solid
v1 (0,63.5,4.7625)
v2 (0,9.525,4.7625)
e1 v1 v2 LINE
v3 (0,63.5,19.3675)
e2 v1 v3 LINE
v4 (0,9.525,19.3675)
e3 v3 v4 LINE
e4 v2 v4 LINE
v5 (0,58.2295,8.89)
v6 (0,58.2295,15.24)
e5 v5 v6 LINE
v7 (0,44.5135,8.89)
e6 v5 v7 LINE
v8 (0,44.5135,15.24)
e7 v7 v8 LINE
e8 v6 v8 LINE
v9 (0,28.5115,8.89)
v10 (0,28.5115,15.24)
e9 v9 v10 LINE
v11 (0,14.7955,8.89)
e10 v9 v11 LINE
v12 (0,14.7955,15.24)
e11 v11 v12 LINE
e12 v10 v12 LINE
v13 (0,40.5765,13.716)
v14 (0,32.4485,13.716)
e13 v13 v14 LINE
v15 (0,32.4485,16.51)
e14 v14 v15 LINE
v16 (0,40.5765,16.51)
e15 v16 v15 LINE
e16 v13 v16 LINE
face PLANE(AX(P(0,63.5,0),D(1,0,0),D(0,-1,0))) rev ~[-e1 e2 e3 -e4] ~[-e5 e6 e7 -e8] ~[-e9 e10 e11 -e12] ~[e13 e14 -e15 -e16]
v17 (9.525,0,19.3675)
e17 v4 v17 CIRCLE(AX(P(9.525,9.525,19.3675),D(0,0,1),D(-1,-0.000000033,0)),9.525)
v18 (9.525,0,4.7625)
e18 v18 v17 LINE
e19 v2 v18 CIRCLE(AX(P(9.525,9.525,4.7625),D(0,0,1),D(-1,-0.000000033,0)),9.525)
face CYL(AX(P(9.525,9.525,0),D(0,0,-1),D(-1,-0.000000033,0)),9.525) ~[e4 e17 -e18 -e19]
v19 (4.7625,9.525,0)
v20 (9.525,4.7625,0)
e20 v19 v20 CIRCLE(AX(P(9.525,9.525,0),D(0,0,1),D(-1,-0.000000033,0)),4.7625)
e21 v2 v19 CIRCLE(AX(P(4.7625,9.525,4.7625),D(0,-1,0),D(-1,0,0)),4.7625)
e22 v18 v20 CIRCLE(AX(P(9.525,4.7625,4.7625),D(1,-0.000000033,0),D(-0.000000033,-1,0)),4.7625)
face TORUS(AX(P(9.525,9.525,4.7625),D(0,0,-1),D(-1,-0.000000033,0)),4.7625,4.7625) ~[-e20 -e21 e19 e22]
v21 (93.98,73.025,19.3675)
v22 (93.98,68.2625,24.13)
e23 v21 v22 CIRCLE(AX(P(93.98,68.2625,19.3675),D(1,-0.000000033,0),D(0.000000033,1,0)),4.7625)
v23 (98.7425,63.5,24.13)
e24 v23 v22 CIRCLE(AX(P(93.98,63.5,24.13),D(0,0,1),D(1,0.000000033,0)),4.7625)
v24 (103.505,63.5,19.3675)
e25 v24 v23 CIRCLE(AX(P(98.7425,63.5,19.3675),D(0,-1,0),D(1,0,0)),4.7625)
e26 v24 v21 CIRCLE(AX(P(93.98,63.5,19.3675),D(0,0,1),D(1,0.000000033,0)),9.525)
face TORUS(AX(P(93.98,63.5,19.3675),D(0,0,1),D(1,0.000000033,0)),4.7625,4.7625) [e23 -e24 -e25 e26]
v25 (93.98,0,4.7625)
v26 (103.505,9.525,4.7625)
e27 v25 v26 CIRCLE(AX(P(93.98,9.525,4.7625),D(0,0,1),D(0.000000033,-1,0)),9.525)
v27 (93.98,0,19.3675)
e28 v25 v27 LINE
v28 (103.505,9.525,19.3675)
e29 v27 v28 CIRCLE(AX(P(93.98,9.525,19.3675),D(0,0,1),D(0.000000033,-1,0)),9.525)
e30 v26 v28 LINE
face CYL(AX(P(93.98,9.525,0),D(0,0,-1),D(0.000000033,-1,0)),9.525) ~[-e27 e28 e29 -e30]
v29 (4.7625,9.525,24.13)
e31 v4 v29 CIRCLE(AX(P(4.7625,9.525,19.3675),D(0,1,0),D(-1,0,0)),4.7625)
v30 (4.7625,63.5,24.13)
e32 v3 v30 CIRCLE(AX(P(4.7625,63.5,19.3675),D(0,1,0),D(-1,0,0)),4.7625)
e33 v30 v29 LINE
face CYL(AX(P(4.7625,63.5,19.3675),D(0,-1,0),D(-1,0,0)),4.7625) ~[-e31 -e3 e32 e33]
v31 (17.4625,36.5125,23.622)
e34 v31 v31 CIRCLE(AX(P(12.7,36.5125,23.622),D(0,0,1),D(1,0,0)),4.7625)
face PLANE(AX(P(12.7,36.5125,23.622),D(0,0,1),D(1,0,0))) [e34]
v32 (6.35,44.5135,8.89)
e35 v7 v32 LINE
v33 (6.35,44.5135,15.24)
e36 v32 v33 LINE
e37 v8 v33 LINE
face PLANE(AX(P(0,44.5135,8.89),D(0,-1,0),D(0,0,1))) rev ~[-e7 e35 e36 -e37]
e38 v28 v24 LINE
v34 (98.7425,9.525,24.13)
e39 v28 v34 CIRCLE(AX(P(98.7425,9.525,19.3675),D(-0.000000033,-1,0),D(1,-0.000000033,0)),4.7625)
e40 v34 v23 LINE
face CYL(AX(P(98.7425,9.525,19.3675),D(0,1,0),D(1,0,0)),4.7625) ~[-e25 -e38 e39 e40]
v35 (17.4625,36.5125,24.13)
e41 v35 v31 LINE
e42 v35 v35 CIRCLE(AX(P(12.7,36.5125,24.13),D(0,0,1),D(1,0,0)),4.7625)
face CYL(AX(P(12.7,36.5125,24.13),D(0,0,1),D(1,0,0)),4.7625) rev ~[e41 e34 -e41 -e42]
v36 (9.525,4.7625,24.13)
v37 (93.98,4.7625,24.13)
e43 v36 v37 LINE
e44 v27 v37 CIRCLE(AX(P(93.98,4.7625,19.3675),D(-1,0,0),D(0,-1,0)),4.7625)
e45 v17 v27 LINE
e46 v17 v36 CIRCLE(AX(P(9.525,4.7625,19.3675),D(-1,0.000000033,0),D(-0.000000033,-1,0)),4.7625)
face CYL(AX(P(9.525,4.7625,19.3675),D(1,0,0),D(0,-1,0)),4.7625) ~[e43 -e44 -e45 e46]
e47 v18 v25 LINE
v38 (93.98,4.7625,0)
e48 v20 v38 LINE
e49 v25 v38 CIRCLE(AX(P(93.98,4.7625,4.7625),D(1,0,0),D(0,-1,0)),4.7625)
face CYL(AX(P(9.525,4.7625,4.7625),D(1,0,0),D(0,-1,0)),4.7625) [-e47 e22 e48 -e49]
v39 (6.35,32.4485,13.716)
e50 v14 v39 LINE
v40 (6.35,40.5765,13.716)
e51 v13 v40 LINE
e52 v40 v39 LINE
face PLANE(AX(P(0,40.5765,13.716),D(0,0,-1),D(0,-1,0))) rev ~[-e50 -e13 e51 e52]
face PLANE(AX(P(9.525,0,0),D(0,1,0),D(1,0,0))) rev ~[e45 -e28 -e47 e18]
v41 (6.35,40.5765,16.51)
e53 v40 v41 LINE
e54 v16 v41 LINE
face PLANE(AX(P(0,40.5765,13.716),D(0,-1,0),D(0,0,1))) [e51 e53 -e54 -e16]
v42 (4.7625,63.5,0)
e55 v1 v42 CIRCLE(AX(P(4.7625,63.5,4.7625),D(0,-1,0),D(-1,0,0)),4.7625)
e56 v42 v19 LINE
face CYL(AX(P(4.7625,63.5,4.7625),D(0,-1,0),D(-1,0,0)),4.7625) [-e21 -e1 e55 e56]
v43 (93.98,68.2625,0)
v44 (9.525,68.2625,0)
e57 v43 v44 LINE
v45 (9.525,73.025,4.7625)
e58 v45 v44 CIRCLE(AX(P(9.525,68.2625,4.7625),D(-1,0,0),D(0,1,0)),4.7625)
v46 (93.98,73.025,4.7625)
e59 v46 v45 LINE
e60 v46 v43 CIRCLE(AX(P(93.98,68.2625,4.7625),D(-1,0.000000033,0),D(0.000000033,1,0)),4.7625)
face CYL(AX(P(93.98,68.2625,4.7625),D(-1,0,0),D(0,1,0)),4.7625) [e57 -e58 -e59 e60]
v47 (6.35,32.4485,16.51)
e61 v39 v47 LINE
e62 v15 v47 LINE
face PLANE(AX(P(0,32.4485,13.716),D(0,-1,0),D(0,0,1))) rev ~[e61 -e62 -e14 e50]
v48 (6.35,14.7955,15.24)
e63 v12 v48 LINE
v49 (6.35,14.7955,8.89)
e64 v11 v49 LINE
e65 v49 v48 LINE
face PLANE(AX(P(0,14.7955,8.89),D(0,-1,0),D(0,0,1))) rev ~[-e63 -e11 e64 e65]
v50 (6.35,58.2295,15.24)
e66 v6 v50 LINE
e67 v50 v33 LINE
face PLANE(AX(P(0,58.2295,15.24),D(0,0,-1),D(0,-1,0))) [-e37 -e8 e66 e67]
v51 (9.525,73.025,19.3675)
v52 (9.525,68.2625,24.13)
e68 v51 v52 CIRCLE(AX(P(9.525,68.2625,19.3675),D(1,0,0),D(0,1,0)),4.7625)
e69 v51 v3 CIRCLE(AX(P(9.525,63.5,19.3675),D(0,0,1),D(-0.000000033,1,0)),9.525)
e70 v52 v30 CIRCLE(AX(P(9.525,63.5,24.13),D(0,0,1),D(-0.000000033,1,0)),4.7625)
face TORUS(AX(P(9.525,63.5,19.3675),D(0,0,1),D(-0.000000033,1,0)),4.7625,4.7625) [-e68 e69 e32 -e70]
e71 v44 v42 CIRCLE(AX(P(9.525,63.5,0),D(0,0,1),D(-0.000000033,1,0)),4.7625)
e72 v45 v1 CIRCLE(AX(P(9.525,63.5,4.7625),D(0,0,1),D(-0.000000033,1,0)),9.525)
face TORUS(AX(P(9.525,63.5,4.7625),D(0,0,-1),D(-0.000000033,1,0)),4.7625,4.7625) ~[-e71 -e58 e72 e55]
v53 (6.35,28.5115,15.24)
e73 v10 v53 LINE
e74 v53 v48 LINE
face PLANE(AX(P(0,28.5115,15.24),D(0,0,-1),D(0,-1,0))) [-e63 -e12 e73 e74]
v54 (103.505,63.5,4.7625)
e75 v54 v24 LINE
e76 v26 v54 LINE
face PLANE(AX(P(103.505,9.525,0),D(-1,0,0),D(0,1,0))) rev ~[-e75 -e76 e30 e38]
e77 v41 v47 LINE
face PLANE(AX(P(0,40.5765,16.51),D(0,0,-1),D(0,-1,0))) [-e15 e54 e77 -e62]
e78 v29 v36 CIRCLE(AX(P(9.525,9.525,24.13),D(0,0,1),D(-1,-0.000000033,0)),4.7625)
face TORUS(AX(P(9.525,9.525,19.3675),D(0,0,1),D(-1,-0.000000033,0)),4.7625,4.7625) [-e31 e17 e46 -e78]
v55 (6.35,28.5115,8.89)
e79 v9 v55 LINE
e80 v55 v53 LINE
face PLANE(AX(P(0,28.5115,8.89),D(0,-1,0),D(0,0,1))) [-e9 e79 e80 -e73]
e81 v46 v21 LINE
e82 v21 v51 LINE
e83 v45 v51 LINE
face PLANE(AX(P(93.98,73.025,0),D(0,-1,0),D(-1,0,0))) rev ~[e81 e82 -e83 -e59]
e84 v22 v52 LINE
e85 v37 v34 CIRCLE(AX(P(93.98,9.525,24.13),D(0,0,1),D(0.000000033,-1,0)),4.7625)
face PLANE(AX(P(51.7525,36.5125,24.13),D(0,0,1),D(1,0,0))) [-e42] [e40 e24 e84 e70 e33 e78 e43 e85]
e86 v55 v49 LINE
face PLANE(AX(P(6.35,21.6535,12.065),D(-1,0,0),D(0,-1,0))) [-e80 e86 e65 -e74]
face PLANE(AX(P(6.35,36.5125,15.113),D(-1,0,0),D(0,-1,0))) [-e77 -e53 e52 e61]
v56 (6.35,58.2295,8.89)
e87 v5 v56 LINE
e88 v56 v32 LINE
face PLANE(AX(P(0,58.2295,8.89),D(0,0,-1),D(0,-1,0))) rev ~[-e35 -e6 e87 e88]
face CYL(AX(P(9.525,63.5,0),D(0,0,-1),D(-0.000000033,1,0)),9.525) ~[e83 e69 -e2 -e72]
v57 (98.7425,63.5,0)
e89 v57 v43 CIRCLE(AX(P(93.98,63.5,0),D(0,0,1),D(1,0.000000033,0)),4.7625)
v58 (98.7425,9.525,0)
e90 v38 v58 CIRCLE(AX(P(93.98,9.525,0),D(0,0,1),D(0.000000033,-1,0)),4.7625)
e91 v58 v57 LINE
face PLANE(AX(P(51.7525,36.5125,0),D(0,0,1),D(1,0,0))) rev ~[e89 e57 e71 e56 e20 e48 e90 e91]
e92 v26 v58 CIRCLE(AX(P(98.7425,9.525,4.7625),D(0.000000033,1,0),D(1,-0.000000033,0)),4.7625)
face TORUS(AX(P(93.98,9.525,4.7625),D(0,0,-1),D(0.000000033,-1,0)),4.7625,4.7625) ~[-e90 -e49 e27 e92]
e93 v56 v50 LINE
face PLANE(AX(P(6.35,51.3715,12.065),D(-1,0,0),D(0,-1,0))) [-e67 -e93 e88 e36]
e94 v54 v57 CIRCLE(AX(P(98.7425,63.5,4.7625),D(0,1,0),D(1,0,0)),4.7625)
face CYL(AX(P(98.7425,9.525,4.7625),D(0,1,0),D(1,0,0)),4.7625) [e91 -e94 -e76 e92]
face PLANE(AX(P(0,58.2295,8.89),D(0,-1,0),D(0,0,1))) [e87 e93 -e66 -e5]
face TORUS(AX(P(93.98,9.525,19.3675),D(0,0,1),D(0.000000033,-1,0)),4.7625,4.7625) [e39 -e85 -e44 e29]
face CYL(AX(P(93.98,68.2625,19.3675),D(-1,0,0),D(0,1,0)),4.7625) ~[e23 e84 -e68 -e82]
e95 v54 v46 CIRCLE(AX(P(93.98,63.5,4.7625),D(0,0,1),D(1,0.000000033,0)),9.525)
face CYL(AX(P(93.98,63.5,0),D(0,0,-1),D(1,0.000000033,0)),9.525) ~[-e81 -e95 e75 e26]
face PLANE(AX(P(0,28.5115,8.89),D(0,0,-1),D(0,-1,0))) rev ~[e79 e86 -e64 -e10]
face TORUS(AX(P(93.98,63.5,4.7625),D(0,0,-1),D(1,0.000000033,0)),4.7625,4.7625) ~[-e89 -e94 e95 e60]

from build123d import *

# Parameters (mm, degrees)
F1_DEPTH = 24.13
F2_R     = 4.7625
F3_R     = 4.7625
F4_DEPTH = 0.508
F5_W     = 13.716
F5_H     = 6.35
F5_W_2   = 8.128
F5_H_2   = 2.794
F6_DEPTH = 6.35


with BuildPart() as f1:
    # F0 (on Top) → F1 (new body)
    with BuildSketch(Plane.XY):
        with BuildLine():
            ThreePointArc((0, 9.525), (2.789808, 2.789808), (9.525, 0))
            Line((9.525, 0), (93.98, 0))
            ThreePointArc((93.98, 0), (100.715192, 2.789808), (103.505, 9.525))
            Line((103.505, 9.525), (103.505, 63.5))
            ThreePointArc((103.505, 63.5), (100.715192, 70.235192), (93.98, 73.025))
            Line((93.98, 73.025), (9.525, 73.025))
            ThreePointArc((9.525, 73.025), (2.789808, 70.235192), (0, 63.5))
            Line((0, 63.5), (0, 9.525))
        make_face()
    extrude(amount=F1_DEPTH)

    # F2
    f2_edges = [f1.edges().sort_by_distance(p)[0] for p in [
        (0, 36.5125, 24.13),
        (2.789808, 2.789808, 24.13),
        (51.7525, 0, 24.13),
        (100.715192, 2.789808, 24.13),
        (103.505, 36.5125, 24.13),
        (100.715192, 70.235192, 24.13),
        (51.7525, 73.025, 24.13),
        (2.789808, 70.235192, 24.13),
        (0, 36.5125, 0),
        (2.789808, 2.789808, 0),
        (51.7525, 0, 0),
        (100.715192, 2.789808, 0),
        (103.505, 36.5125, 0),
        (100.715192, 70.235192, 0),
        (51.7525, 73.025, 0),
        (2.789808, 70.235192, 0),
    ]]
    fillet(f2_edges, radius=F2_R)

    # F3 (on face) → F4 (cut)
    with BuildSketch(Plane.XY.offset(24.13)):
        with Locations((12.7, 36.5125)):
            Circle(F3_R)
    extrude(amount=-F4_DEPTH, mode=Mode.SUBTRACT)

    # F5 (on face) → F6 (cut)
    with BuildSketch(Plane(origin=(0, 0, 0), x_dir=(0, -1, 0), z_dir=(-1, 0, 0))):
        with Locations((-51.3715, 12.065)):
            Rectangle(F5_W, F5_H)
        with Locations((-36.5125, 15.113)):
            Rectangle(F5_W_2, F5_H_2)
        with Locations((-21.6535, 12.065)):
            Rectangle(F5_W, F5_H)
    extrude(amount=-F6_DEPTH, mode=Mode.SUBTRACT)


solid = f1.part
